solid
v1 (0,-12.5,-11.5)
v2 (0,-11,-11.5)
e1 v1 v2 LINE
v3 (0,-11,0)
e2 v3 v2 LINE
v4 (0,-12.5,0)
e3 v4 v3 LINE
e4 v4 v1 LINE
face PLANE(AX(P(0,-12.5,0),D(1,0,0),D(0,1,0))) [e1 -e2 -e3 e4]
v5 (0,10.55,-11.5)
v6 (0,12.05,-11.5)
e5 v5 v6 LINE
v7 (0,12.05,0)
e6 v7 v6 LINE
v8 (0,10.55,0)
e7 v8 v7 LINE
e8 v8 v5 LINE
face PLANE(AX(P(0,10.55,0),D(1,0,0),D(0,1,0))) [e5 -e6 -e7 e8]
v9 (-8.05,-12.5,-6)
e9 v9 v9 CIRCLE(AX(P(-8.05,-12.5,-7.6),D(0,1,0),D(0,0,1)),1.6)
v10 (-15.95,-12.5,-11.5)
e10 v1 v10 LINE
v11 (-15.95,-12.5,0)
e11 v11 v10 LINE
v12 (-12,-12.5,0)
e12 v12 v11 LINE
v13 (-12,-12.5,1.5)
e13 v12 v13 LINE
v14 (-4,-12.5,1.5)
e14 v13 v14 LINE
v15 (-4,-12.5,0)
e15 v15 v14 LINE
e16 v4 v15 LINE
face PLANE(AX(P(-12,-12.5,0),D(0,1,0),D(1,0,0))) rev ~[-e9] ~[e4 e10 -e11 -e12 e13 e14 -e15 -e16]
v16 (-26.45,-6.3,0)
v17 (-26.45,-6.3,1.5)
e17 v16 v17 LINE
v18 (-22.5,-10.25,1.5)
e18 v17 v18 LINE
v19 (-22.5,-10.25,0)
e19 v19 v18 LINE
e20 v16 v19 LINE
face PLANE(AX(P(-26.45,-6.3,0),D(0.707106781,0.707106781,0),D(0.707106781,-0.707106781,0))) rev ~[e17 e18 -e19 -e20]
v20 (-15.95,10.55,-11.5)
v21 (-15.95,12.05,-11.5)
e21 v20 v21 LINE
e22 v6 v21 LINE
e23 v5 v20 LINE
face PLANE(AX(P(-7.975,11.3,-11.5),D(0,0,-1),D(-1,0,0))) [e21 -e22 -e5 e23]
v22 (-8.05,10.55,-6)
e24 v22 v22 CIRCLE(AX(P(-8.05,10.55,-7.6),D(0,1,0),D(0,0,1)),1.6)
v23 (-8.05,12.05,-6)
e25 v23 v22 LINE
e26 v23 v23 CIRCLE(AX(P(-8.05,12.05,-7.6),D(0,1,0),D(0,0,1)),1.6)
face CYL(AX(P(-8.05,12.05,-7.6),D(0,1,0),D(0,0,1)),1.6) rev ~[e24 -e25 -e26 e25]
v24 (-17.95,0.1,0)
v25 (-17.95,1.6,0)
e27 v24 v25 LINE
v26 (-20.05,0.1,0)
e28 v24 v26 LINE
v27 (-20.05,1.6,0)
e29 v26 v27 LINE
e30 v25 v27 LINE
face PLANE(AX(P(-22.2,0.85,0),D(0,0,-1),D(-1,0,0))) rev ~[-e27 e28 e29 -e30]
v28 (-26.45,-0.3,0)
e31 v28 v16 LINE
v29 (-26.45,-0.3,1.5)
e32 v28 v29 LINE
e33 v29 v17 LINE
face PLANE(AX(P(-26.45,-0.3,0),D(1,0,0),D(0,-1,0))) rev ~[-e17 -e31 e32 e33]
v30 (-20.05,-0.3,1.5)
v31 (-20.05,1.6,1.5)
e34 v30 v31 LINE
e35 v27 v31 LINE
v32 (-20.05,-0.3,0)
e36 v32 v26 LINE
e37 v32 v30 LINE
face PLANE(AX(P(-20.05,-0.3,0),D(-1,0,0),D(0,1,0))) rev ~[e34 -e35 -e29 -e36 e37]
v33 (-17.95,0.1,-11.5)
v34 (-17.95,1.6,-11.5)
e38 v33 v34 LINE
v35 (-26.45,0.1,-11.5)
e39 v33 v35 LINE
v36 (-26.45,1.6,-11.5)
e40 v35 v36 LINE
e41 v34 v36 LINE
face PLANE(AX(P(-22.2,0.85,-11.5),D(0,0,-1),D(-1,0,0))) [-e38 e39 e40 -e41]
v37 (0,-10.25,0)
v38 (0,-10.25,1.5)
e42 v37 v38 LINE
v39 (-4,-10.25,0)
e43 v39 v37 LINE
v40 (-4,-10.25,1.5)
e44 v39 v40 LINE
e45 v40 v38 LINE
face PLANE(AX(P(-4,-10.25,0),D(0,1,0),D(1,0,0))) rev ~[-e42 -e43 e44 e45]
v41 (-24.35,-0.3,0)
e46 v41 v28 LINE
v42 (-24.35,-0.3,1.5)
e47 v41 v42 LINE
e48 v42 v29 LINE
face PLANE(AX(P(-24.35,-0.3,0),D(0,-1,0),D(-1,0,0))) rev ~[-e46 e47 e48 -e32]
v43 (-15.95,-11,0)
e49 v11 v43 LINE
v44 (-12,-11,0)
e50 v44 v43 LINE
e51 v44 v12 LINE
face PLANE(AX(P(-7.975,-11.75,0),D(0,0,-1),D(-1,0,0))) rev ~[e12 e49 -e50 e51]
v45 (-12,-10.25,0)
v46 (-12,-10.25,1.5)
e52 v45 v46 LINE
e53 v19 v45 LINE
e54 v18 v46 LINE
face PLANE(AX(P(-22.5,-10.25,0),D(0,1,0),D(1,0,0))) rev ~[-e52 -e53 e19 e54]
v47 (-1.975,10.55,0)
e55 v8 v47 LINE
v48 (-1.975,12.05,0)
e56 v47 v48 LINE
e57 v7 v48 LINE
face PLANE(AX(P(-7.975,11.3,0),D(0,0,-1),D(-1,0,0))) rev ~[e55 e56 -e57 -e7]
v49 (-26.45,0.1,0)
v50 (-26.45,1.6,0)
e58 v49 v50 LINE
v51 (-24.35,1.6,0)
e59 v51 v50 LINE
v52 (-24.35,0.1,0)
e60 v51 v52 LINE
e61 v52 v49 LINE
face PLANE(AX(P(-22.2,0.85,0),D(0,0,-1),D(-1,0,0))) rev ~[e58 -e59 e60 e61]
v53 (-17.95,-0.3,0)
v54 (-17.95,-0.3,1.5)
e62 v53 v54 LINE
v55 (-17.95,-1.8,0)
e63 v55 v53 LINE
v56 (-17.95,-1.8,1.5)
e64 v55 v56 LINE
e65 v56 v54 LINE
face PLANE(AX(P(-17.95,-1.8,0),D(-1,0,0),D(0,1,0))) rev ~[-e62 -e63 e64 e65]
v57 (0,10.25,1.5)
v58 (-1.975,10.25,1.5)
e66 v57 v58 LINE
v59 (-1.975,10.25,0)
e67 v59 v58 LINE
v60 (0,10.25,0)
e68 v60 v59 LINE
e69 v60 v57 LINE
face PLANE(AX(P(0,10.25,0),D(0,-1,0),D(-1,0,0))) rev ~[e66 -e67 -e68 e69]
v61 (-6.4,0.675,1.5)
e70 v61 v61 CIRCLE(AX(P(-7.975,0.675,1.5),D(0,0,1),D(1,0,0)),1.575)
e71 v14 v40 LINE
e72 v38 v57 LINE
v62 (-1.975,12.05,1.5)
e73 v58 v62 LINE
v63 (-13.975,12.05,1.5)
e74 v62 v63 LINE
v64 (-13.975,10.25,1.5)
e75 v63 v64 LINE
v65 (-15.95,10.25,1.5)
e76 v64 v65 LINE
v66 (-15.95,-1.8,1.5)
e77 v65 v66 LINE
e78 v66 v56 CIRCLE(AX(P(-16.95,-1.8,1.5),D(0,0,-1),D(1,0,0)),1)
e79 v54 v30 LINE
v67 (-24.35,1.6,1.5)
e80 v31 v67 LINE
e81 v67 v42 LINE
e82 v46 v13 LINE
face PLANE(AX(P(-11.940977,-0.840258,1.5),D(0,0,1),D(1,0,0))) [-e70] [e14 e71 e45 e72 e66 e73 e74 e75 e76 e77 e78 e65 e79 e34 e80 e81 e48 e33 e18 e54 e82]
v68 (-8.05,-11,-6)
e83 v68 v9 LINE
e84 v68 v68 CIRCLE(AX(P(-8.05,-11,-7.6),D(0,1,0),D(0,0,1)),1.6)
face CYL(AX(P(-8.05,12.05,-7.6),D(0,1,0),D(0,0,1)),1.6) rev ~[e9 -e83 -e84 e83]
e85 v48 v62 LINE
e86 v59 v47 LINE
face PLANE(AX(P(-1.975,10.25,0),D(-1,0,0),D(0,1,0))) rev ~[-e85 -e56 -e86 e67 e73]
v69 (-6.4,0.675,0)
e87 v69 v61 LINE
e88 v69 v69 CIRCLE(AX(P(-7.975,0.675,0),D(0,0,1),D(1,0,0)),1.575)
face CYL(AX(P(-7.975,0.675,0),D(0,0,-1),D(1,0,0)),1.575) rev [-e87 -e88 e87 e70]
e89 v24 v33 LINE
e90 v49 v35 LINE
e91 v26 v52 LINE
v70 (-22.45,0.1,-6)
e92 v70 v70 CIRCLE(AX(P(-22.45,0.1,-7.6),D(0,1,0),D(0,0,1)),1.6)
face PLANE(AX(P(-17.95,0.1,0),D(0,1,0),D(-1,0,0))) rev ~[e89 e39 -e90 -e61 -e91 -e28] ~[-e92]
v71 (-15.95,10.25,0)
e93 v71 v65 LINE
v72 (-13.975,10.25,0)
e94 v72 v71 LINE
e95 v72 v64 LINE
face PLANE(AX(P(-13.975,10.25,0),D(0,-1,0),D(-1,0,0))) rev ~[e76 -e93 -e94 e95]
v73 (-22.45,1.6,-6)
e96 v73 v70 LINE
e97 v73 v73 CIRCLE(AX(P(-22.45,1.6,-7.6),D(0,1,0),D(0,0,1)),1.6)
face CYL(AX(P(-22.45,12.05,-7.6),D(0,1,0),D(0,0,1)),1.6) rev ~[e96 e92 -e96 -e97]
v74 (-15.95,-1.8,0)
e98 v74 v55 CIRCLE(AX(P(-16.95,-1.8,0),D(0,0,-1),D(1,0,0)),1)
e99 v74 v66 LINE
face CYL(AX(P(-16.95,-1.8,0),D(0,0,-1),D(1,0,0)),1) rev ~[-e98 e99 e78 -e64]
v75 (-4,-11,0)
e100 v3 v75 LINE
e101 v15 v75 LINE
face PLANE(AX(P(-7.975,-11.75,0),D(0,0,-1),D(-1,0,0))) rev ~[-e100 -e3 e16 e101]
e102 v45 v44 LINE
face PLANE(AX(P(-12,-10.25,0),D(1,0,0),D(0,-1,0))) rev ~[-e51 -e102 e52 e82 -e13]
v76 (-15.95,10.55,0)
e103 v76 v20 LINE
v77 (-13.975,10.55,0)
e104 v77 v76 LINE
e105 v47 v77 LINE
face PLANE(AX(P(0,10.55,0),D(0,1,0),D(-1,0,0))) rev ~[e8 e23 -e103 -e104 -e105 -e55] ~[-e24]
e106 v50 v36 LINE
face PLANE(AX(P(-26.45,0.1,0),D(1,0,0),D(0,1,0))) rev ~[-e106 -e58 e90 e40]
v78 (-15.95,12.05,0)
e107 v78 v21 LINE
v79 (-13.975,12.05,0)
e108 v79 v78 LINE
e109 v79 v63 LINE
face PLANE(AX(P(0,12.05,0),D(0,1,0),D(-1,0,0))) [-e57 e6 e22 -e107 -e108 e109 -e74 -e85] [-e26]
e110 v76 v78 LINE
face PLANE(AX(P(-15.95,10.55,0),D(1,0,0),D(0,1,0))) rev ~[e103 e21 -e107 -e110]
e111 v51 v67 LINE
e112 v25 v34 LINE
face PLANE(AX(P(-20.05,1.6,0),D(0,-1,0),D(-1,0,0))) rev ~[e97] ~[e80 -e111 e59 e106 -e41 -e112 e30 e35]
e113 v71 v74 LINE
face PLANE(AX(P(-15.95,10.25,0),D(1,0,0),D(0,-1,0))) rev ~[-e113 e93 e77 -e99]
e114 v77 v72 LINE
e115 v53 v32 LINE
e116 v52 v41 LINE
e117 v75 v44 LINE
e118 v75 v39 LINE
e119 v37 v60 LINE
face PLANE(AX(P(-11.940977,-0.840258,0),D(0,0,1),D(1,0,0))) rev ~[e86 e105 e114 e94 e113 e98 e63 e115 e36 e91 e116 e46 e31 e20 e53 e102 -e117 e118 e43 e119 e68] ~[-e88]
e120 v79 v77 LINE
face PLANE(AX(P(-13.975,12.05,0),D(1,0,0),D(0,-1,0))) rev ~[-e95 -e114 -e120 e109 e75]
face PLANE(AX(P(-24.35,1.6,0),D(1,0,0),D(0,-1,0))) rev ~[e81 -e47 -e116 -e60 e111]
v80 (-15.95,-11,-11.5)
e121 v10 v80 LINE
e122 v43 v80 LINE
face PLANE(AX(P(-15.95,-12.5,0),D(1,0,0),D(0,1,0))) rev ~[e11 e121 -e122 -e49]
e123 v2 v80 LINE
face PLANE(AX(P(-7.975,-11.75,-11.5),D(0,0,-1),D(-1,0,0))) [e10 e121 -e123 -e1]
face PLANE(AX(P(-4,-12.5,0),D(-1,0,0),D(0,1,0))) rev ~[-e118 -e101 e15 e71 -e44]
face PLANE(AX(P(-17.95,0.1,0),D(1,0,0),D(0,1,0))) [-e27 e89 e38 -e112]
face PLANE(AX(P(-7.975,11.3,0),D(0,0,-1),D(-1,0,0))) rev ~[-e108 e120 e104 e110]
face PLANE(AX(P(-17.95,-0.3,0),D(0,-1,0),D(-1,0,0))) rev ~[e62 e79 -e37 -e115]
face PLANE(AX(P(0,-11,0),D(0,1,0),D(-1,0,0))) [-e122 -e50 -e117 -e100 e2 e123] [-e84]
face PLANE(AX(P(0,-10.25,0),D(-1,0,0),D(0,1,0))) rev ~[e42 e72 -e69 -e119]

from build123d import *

# Parameters (mm, degrees)
SKETCH1_R           = 1.575
BOSS_EXTRUDE1_DEPTH = 1.5
SKETCH2_W           = 15.95
SKETCH2_H           = 1.5
SKETCH2_W_2         = 8.5
BOSS_EXTRUDE2_DEPTH = 11.5
SKETCH3_R           = 1.6
CUT_EXTRUDE1_DEPTH  = 38.875519798


with BuildPart() as part:
    # Sketch1 → Boss-Extrude1 (new body)
    with BuildSketch(Plane.XY):
        with BuildLine():
            Line((0, -10.25), (0, 10.25))
            Line((0, 10.25), (-1.975, 10.25))
            Line((-1.975, 10.25), (-1.975, 12.05))
            Line((-1.975, 12.05), (-13.975, 12.05))
            Line((-13.975, 12.05), (-13.975, 10.25))
            Line((-13.975, 10.25), (-15.95, 10.25))
            Line((-15.95, 10.25), (-15.95, -1.8))
            ThreePointArc((-15.95, -1.8), (-16.95, -2.8), (-17.95, -1.8))
            Line((-17.95, -1.8), (-17.95, -0.3))
            Line((-17.95, -0.3), (-20.05, -0.3))
            Line((-20.05, -0.3), (-20.05, 1.6))
            Line((-20.05, 1.6), (-24.35, 1.6))
            Line((-24.35, 1.6), (-24.35, -0.3))
            Line((-24.35, -0.3), (-26.45, -0.3))
            Line((-26.45, -0.3), (-26.45, -6.3))
            Line((-26.45, -6.3), (-22.5, -10.25))
            Line((-22.5, -10.25), (-12, -10.25))
            Line((-12, -10.25), (-12, -12.5))
            Line((-12, -12.5), (-4, -12.5))
            Line((-4, -12.5), (-4, -10.25))
            Line((-4, -10.25), (0, -10.25))
        make_face()
        with Locations((-7.975, 0.675)):
            Circle(SKETCH1_R, mode=Mode.SUBTRACT)
    extrude(amount=BOSS_EXTRUDE1_DEPTH)

    # Sketch2 → Boss-Extrude2 (add)
    with BuildSketch(Plane(origin=(0, 0, 0), x_dir=(-1, 0, 0), z_dir=(0, 0, -1))):
        with Locations((7.975, 11.3)):
            Rectangle(SKETCH2_W, SKETCH2_H)
        with Locations((7.975, -11.75)):
            Rectangle(SKETCH2_W, SKETCH2_H)
        with Locations((22.2, 0.85)):
            Rectangle(SKETCH2_W_2, SKETCH2_H)
    extrude(amount=BOSS_EXTRUDE2_DEPTH)

    # Sketch3 → Cut-Extrude1 (cut, through all)
    with BuildSketch(Plane(origin=(0, 12.05, 0), x_dir=(1, 0, 0), z_dir=(0, 1, 0))):
        with Locations(Location((-8.05, 7.6, 0), (0, 0, 270))):
            Circle(SKETCH3_R)
        with Locations(Location((-22.45, 7.6, 0), (0, 0, 270))):
            Circle(SKETCH3_R)
    extrude(amount=-CUT_EXTRUDE1_DEPTH, mode=Mode.SUBTRACT)


solid = part.part
